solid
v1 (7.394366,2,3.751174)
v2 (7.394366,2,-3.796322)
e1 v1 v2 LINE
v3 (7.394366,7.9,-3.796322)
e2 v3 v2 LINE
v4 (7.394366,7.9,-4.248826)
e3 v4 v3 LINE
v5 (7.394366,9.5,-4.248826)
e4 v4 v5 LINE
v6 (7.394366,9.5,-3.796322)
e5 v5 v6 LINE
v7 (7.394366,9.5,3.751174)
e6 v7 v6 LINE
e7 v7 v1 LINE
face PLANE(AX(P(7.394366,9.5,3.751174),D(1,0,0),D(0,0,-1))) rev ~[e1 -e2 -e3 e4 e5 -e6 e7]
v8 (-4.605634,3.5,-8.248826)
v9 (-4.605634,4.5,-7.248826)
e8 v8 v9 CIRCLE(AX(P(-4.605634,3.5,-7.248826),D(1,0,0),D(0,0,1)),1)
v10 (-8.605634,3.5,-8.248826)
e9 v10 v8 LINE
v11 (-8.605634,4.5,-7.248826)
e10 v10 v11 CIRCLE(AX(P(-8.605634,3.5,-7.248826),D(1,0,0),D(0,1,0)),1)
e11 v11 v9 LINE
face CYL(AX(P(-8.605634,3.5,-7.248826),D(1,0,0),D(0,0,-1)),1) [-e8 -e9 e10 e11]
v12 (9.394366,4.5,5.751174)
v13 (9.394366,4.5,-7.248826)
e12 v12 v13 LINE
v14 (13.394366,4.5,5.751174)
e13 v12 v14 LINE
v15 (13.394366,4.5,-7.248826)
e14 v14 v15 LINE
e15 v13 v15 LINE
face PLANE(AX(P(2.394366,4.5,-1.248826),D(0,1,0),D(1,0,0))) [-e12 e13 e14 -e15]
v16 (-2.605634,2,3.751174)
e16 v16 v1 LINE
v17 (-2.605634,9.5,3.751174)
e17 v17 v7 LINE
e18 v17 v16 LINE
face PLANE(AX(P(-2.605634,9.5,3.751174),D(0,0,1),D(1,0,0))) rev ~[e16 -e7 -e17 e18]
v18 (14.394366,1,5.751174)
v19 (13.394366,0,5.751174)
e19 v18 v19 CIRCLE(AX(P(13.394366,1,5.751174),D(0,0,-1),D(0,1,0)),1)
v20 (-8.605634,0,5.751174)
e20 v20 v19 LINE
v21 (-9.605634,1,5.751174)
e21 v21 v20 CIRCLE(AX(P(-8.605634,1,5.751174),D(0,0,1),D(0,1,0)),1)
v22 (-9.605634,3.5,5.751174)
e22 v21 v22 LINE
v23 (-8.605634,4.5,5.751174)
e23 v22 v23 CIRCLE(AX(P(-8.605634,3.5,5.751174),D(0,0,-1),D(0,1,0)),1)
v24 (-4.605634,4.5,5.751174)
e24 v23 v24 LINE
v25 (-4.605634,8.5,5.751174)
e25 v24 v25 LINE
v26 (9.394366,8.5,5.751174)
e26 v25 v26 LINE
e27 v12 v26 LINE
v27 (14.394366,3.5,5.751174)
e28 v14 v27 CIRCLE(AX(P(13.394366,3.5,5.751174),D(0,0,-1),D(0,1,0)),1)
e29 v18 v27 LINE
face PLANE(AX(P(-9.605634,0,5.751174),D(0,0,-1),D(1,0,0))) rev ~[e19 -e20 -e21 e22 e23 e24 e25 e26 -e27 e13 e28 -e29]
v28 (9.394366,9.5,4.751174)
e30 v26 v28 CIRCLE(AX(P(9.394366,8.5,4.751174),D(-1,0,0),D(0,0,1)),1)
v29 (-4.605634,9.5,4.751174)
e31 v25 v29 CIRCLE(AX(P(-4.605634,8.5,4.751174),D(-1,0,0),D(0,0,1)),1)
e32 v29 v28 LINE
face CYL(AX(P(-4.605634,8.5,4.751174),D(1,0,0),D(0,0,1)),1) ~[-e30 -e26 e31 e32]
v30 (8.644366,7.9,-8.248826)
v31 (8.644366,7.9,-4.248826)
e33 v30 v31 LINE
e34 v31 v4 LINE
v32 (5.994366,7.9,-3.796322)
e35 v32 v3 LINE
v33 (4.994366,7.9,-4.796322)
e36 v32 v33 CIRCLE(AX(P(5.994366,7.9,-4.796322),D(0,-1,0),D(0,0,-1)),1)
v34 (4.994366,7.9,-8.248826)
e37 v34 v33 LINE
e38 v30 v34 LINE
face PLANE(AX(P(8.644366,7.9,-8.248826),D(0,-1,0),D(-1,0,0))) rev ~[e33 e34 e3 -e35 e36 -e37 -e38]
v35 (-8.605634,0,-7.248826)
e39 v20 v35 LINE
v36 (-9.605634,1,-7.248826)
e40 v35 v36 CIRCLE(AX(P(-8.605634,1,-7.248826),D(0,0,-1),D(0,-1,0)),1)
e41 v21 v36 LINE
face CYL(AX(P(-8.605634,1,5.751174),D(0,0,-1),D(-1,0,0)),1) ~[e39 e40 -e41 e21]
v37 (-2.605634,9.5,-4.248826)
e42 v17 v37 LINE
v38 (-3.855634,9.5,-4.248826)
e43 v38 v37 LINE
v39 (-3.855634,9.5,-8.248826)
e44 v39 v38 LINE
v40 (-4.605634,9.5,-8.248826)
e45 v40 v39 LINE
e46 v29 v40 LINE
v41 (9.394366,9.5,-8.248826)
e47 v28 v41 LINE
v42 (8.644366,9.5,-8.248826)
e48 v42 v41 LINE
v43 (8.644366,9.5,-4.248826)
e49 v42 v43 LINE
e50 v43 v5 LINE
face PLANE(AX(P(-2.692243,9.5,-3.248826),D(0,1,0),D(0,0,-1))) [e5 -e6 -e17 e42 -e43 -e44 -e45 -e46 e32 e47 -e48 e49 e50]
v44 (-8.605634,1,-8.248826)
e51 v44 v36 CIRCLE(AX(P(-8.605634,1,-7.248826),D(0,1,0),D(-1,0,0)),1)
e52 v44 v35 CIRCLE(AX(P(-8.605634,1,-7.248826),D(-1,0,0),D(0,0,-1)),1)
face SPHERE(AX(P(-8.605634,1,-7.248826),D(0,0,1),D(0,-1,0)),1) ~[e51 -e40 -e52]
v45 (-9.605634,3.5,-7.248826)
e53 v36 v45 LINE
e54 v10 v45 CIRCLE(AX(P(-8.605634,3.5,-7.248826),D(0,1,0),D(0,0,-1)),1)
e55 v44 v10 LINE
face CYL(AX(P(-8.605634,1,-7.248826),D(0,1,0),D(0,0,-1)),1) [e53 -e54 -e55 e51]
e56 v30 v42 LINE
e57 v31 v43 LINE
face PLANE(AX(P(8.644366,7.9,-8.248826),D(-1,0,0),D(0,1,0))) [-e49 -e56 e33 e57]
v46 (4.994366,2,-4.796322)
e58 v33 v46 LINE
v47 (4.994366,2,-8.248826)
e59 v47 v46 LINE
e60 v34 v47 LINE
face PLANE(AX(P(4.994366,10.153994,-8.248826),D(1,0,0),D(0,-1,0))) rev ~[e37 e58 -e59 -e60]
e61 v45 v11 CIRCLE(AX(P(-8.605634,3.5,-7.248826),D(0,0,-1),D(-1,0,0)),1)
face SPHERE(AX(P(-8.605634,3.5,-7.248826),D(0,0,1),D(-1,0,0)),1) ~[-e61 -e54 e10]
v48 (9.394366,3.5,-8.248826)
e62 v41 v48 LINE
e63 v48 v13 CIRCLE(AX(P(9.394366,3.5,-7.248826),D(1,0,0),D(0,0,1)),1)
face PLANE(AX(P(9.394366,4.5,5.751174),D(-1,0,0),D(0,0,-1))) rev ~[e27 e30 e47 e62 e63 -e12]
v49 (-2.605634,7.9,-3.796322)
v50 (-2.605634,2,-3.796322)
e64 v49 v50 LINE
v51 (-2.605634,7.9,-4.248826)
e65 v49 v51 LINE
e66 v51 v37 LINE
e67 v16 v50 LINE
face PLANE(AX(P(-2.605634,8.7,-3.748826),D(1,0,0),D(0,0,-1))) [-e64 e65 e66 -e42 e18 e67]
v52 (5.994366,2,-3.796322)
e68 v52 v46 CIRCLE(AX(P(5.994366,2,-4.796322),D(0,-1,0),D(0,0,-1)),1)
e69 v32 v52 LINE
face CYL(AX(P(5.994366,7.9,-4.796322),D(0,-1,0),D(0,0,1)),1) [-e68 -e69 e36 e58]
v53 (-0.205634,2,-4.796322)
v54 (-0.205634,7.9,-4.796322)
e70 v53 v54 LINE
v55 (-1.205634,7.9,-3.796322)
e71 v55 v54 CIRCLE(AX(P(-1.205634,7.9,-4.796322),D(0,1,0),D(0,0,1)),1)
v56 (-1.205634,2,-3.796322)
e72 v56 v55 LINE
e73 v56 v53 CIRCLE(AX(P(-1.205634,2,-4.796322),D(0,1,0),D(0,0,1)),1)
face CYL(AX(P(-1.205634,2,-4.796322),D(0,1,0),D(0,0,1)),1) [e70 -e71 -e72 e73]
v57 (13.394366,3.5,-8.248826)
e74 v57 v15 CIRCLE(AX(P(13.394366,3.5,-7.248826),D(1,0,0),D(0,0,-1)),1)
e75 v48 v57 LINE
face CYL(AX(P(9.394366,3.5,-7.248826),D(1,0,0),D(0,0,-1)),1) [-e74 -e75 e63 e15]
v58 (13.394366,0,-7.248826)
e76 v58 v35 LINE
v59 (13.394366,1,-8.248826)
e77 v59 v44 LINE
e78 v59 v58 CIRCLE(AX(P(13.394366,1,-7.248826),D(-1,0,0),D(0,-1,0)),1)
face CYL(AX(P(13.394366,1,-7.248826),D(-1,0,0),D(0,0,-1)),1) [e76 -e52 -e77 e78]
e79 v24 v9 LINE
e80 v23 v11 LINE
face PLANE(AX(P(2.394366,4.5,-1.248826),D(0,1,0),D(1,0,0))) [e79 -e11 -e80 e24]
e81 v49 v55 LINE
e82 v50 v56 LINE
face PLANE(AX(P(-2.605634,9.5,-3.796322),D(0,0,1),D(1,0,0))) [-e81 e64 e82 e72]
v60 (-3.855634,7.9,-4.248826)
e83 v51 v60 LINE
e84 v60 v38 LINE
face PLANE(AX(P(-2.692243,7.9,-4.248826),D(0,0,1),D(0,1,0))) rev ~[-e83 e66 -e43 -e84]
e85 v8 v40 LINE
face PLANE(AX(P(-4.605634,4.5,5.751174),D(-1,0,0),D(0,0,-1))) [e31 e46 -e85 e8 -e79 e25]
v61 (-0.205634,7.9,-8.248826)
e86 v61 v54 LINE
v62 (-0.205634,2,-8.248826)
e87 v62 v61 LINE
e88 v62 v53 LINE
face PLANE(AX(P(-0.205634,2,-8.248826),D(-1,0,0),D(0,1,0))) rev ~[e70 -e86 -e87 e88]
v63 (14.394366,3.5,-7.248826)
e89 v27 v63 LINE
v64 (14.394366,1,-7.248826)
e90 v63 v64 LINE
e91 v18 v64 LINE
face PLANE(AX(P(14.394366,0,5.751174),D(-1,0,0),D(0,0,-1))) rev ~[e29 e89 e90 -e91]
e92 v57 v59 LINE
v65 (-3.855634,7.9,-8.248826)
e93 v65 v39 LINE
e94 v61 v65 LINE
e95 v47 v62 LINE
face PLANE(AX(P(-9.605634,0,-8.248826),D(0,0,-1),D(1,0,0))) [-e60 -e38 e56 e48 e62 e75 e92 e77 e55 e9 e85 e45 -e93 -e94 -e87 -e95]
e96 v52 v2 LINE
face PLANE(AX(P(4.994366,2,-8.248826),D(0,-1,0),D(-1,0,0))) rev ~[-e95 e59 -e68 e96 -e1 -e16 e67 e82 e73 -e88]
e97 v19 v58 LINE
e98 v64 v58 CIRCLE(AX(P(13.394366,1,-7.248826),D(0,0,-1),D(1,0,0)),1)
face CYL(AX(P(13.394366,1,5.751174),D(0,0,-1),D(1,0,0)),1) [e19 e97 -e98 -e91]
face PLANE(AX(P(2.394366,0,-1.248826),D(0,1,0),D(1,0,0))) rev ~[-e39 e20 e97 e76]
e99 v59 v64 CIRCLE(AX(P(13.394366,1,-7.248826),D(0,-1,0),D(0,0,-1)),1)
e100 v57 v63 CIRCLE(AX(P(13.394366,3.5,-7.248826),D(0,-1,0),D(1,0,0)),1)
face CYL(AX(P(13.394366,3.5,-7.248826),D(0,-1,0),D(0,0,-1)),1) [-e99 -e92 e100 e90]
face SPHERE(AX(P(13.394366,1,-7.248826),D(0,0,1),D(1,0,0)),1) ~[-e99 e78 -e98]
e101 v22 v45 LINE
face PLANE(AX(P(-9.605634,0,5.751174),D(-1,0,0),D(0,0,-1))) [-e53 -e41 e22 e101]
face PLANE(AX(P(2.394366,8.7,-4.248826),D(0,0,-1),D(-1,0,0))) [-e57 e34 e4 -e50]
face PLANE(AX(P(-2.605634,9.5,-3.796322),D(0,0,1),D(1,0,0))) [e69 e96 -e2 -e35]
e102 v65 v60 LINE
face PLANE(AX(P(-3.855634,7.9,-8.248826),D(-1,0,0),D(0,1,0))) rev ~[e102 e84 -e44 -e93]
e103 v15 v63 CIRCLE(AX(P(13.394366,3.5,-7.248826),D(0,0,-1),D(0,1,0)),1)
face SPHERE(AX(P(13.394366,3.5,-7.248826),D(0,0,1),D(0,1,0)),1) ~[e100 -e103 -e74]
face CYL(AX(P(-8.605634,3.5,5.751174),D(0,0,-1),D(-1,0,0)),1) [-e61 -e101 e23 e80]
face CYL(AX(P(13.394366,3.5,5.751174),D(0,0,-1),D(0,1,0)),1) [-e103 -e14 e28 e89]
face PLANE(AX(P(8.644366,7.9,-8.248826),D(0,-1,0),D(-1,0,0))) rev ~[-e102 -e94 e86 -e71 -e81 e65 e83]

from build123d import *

# Parameters (mm, degrees)
SKETCH2_W           = 24
SKETCH2_H           = 14
BOSS_EXTRUDE1_DEPTH = 4.5
SKETCH3_W           = 14
SKETCH3_H           = 14
BOSS_EXTRUDE2_DEPTH = 5
CUT_EXTRUDE1_DEPTH  = 10
SKETCH5_W           = 10
SKETCH5_H           = 7.54749529
CUT_EXTRUDE2_DEPTH  = 7.5
SKETCH6_W           = 12.5
SKETCH6_H           = 1.6
CUT_EXTRUDE3_DEPTH  = 4
SKETCH7_W           = 10.060724294
SKETCH7_H           = 1.6
CUT_EXTRUDE4_DEPTH  = 1
SKETCH8_W           = 0.45250471
SKETCH8_H           = 1.6
CUT_EXTRUDE5_DEPTH  = 0.025884761
SKETCH9_W           = 1
SKETCH9_H           = 1.6
BOSS_EXTRUDE3_DEPTH = 0.086609054
FILLET1_R           = 1
FILLET2_R           = 1
FILLET3_R           = 1


with BuildPart() as part:
    # Sketch2 → Boss-Extrude1 (new body)
    with BuildSketch(Plane(origin=(0, 0, 0), x_dir=(1, 0, 0), z_dir=(0, 1, 0))):
        with Locations((2.394366197, 1.248826291)):
            Rectangle(SKETCH2_W, SKETCH2_H)
    extrude(amount=BOSS_EXTRUDE1_DEPTH)

    # Sketch3 → Boss-Extrude2 (add)
    with BuildSketch(Plane(origin=(0, 4.5, 0), x_dir=(1, 0, 0), z_dir=(0, 1, 0))):
        with Locations((2.394366197, 1.248826291)):
            Rectangle(SKETCH3_W, SKETCH3_H)
    extrude(amount=BOSS_EXTRUDE2_DEPTH)

    # Sketch4 → Cut-Extrude1 (cut)
    with BuildSketch(Plane(origin=(0, 0, -8.248826291), x_dir=(-1, 0, 0), z_dir=(0, 0, -1))):
        Polygon((-4.994366197, 4.2), (-4.994366197, 2), (0.205633803, 2), (0.205633803, 4.2), (0.205633803, 10.153994243), (-4.994366197, 10.153994243), align=None)
    extrude(amount=-CUT_EXTRUDE1_DEPTH, mode=Mode.SUBTRACT)

    # Sketch5 → Cut-Extrude2 (cut)
    with BuildSketch(Plane(origin=(0, 9.5, 0), x_dir=(1, 0, 0), z_dir=(0, 1, 0))):
        with Locations((2.394366197, 0.022573936)):
            Rectangle(SKETCH5_W, SKETCH5_H)
    extrude(amount=-CUT_EXTRUDE2_DEPTH, mode=Mode.SUBTRACT)

    # Sketch6 → Cut-Extrude3 (cut)
    with BuildSketch(Plane(origin=(0, 0, -8.248826291), x_dir=(-1, 0, 0), z_dir=(0, 0, -1))):
        with Locations((-2.394366197, 8.7)):
            Rectangle(SKETCH6_W, SKETCH6_H)
    extrude(amount=-CUT_EXTRUDE3_DEPTH, mode=Mode.SUBTRACT)

    # Sketch7 → Cut-Extrude4 (cut)
    with BuildSketch(Plane(origin=(0, 0, -4.248826291), x_dir=(-1, 0, 0), z_dir=(0, 0, -1))):
        with Locations((-2.33811929, 8.7)):
            Rectangle(SKETCH7_W, SKETCH7_H)
    extrude(amount=-CUT_EXTRUDE4_DEPTH, mode=Mode.SUBTRACT)

    # Sketch8 → Cut-Extrude5 (cut)
    with BuildSketch(Plane.ZY.offset(-7.368481437)):
        with Locations((-4.022573936, 8.7)):
            Rectangle(SKETCH8_W, SKETCH8_H)
    extrude(amount=-CUT_EXTRUDE5_DEPTH, mode=Mode.SUBTRACT)

    # Sketch9 → Boss-Extrude3 (add)
    with BuildSketch(Plane(origin=(-2.692242857, 0, 0), x_dir=(0, 0, -1), z_dir=(1, 0, 0))):
        with Locations((3.748826291, 8.7)):
            Rectangle(SKETCH9_W, SKETCH9_H)
    extrude(amount=BOSS_EXTRUDE3_DEPTH)

    # Fillet1
    fillet1_edges = [part.edges().sort_by_distance(p)[0] for p in [
        (14.394366197, 4.5, -1.248826291),
        (2.394366197, 9.5, 5.751173709),
        (-9.605633803, 4.5, -1.248826291),
        (14.394366197, 0, -1.248826291),
        (-9.605633803, 0, -1.248826291),
    ]]
    fillet(fillet1_edges, radius=FILLET1_R)

    # Fillet2
    fillet2_edges = [part.edges().sort_by_distance(p)[0] for p in [
        (-6.605633803, 4.5, -8.248826291),
        (-9.605633803, 2.25, -8.248826291),
        (2.394366197, 0, -8.248826291),
        (11.394366197, 4.5, -8.248826291),
        (14.394366197, 2.25, -8.248826291),
        (14.101472978, 4.207106781, -8.248826291),
        (14.101472978, 0.292893219, -8.248826291),
        (-9.312740584, 4.207106781, -8.248826291),
        (-9.312740584, 0.292893219, -8.248826291),
    ]]
    fillet(fillet2_edges, radius=FILLET2_R)

    # Fillet3
    fillet3_edges = [part.edges().sort_by_distance(p)[0] for p in [
        (-0.205633803, 4.95, -3.796321581),
        (4.994366197, 4.95, -3.796321581),
    ]]
    fillet(fillet3_edges, radius=FILLET3_R)


solid = part.part
